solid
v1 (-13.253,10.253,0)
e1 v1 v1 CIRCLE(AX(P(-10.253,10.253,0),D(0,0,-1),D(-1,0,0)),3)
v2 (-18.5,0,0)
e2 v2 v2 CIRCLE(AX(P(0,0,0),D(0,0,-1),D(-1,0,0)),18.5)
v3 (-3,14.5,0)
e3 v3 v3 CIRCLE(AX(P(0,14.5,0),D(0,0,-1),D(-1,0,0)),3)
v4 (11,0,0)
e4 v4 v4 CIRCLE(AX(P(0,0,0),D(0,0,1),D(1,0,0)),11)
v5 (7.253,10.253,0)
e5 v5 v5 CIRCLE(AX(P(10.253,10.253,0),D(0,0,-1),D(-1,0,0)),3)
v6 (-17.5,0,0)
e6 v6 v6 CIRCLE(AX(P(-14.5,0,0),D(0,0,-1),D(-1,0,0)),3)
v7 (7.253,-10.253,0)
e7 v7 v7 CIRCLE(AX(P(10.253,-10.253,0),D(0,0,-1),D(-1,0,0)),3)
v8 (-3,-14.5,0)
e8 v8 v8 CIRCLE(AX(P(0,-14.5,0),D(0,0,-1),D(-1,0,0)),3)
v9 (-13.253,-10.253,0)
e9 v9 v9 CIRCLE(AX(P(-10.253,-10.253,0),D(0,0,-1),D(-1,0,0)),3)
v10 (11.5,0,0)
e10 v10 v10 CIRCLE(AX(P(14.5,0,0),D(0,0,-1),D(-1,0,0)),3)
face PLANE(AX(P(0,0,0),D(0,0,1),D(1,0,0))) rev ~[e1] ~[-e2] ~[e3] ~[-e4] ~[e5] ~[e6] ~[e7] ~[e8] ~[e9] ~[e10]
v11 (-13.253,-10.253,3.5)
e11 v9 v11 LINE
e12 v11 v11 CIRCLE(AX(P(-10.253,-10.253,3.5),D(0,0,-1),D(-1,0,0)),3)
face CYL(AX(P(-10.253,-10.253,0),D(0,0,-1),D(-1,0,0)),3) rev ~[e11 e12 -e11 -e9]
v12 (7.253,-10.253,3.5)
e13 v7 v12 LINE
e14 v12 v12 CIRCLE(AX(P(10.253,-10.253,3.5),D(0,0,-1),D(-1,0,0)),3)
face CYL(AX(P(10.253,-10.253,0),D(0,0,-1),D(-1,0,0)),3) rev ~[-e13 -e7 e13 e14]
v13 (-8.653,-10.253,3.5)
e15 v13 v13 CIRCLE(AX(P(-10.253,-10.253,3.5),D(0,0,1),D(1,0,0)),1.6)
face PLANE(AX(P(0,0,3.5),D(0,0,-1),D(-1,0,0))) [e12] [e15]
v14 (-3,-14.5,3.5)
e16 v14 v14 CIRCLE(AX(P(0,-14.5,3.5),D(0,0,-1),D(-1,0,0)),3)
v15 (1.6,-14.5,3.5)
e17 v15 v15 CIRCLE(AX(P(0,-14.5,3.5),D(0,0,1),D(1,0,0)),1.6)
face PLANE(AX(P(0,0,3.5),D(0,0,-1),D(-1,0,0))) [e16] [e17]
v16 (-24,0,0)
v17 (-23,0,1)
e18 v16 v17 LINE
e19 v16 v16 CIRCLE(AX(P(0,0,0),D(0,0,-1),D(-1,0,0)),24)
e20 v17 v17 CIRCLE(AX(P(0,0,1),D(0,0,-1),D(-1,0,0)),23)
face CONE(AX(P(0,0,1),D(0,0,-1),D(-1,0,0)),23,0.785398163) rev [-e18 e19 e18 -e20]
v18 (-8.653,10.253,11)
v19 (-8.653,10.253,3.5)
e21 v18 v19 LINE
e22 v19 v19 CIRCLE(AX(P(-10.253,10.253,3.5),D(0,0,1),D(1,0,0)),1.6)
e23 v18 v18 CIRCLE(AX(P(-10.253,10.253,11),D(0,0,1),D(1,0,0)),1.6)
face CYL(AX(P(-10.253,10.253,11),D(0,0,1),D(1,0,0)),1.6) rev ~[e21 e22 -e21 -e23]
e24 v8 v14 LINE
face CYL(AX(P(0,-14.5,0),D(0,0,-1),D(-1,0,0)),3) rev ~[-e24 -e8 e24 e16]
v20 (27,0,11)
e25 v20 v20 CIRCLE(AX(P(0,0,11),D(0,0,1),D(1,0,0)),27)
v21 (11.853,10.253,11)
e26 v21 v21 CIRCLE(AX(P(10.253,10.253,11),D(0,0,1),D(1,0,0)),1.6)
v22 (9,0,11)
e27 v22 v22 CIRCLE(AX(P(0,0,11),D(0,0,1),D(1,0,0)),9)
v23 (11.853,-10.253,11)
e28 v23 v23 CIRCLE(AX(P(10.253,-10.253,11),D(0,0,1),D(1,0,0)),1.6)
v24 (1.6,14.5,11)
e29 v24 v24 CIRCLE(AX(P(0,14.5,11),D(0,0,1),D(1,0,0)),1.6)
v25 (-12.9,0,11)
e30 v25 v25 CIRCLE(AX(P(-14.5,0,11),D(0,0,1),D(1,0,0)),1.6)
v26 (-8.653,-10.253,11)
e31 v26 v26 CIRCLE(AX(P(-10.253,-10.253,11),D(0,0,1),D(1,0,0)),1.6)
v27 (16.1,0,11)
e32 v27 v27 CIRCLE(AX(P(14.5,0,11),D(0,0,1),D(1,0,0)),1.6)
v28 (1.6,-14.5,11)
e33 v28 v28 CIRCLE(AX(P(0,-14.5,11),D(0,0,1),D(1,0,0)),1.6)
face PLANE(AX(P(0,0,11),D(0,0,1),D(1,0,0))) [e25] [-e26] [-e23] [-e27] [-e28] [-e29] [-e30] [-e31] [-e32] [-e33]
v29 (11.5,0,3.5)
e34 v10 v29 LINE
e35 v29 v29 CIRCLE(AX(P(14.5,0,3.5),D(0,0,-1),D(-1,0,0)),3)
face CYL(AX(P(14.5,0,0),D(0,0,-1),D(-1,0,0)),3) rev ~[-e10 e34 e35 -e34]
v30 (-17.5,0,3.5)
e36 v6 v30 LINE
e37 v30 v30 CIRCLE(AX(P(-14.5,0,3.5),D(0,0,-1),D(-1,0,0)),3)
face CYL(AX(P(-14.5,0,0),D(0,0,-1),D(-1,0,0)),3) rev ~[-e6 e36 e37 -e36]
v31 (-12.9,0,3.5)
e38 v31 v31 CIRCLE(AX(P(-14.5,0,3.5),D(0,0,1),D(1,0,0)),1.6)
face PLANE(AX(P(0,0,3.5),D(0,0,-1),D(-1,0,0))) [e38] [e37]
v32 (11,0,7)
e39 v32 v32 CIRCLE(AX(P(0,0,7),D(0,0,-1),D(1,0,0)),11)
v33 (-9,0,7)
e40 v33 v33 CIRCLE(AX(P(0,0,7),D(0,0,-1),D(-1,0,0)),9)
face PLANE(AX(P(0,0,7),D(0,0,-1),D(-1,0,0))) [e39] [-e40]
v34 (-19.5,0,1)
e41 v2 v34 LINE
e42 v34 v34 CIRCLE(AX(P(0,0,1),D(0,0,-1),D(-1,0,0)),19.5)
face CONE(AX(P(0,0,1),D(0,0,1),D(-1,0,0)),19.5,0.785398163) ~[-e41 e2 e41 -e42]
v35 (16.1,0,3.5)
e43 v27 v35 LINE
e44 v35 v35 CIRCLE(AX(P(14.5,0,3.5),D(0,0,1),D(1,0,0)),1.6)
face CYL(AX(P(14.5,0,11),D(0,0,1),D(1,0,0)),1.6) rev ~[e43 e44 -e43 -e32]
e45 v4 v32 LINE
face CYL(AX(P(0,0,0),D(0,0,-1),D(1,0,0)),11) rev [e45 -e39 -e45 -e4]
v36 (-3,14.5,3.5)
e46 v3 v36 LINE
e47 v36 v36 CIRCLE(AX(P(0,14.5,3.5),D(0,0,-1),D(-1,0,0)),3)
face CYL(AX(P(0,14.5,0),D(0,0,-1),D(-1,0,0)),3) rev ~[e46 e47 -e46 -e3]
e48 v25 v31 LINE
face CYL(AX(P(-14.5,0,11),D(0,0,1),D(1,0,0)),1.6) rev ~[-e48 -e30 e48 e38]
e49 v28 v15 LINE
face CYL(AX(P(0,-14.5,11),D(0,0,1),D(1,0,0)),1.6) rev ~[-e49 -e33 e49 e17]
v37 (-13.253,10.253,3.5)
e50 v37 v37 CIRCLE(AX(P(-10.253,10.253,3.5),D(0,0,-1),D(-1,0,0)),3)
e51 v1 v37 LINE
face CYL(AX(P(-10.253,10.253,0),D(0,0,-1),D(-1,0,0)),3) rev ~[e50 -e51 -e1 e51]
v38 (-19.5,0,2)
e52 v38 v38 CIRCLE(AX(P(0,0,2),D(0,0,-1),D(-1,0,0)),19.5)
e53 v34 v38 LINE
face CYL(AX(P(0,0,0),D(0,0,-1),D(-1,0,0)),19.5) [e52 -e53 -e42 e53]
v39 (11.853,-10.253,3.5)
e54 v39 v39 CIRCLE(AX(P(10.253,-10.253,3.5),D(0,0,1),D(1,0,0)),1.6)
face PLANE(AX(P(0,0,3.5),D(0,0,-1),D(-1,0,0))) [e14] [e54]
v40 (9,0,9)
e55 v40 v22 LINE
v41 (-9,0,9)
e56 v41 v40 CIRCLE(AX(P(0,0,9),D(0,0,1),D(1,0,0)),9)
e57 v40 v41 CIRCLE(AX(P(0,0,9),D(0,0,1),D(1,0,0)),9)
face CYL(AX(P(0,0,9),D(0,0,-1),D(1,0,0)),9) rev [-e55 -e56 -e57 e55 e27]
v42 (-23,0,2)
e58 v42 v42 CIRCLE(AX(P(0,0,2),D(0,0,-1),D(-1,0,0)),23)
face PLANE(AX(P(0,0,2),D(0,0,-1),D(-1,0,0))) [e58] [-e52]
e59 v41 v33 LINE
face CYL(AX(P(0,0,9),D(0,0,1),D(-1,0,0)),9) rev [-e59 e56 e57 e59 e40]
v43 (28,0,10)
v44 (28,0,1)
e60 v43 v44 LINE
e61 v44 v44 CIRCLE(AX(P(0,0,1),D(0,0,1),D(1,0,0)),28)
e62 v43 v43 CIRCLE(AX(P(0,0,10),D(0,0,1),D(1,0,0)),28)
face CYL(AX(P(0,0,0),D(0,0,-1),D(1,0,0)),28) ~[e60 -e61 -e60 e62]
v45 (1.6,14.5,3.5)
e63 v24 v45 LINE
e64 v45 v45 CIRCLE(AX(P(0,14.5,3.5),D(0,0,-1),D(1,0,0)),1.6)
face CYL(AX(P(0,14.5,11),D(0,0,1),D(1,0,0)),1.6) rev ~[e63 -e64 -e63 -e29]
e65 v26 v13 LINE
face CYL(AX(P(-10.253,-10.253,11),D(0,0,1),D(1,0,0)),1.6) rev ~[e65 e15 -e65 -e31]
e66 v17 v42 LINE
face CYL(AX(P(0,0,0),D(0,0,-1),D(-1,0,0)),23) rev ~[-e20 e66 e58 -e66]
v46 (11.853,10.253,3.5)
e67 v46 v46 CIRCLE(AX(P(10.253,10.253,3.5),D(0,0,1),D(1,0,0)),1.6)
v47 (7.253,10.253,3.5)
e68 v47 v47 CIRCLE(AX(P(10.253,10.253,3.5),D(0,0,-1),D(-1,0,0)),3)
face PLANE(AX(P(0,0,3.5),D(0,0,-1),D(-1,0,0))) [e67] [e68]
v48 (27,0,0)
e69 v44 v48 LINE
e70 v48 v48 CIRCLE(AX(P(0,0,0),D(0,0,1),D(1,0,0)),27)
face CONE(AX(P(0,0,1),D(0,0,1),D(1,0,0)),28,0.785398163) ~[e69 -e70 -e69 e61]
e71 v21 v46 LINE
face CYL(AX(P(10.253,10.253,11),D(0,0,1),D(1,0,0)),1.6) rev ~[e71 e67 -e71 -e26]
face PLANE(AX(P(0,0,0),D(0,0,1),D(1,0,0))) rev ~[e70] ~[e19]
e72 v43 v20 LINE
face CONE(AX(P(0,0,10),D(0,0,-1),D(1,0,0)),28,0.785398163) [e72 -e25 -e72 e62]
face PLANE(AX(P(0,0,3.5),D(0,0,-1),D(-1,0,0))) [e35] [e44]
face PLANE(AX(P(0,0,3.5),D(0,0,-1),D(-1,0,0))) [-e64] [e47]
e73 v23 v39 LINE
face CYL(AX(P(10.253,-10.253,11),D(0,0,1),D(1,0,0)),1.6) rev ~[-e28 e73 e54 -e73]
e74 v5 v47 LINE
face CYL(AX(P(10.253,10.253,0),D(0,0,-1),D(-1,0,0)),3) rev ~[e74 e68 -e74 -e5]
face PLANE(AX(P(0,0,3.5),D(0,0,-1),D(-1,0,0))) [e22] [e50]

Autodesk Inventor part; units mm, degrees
ref_plane "YZ Plane" through (0, 0, 0) normal (1, 0, 0) x (0, 1, 0)
ref_plane "XZ Plane" through (0, 0, 0) normal (0, 1, 0) x (-1, 0, 0)
ref_plane "XY Plane" through (0, 0, 0) normal (0, 0, 1) x (1, 0, 0)
sketch "草图1" plane through (0, 0, 0) normal (0, 0, 1) x (1, 0, 0)
  circle A0 centre (0, 0) radius 28
  circle A1 centre (0, 0) radius 11
  dimension "d0" = 56
  dimension "d1" = 22
extrude "拉伸1" add sketch "草图1" along normal blind 9
sketch "草图2" plane through (0, 0, 9) normal (0, 0, 1) x (1, 0, 0)
  circle A0 centre (0, 0) radius 28 projected
  circle A1 centre (0, 0) radius 9
  dimension "d4" = 18
extrude "拉伸2" add sketch "草图2" along normal blind 2
sketch "草图3" plane through (0, 0, 11) normal (0, 0, 1) x (1, 0, 0)
  circle A0 centre (0, 0) radius 14.5 construction
  line L0 (-36.9419, 0) -> (43.6936, 0) construction
  circle A1 centre (14.5, 0) radius 1.6
  circle A2 centre (10.253, 10.253) radius 1.6
  circle A3 centre (0, 14.5) radius 1.6
  circle A4 centre (-10.253, 10.253) radius 1.6
  circle A5 centre (-14.5, 0) radius 1.6
  circle A6 centre (-10.253, -10.253) radius 1.6
  circle A7 centre (0, -14.5) radius 1.6
  circle A8 centre (10.253, -10.253) radius 1.6
  dimension "d7" = 29
  dimension "d8" = 3.2
  dimension "d11" = 360
extrude "拉伸3" cut sketch "草图3" against normal through all
chamfer "倒角1" distance 1 angle 45 2 edges at (-28, 0, 0) (-28, 0, 11)
sketch "草图4" plane through (0, 0, 0) normal (0, 0, -1) x (-1, 0, 0)
  circle A0 centre (0, 0) radius 19.5
  circle A1 centre (0, 0) radius 23
  dimension "d18" = 39
  dimension "d19" = 46
extrude "拉伸4" cut sketch "草图4" against normal blind 2
chamfer "倒角2" distance 1 angle 45 2 edges at (23, 0, 0) (19.5, 0, 0)
sketch "草图5" plane through (0, 0, 0) normal (0, 0, -1) x (-1, 0, 0)
  circle A0 centre (0, 14.5) radius 1.6 projected
  circle A1 centre (0, 14.5) radius 3
  circle A2 centre (-10.253, 10.253) radius 3
  circle A3 centre (-14.5, 0) radius 3
  circle A4 centre (-10.253, -10.253) radius 3
  circle A5 centre (0, -14.5) radius 3
  circle A6 centre (10.253, -10.253) radius 3
  circle A7 centre (14.5, 0) radius 3
  circle A8 centre (10.253, 10.253) radius 3
  point P0 (0, 0)
  dimension "d25" = 6
  dimension "d28" = 360
extrude "拉伸5" cut sketch "草图5" against normal blind 3.5
sketch "草图6" plane through (0, 0, 9) normal (0, 0, -1) x (-1, 0, 0)
  circle A0 centre (0, 0) radius 9 projected
  circle A1 centre (0, 0) radius 11 projected
extrude "拉伸6" add sketch "草图6" along normal blind 2
properties part number "内轮"
